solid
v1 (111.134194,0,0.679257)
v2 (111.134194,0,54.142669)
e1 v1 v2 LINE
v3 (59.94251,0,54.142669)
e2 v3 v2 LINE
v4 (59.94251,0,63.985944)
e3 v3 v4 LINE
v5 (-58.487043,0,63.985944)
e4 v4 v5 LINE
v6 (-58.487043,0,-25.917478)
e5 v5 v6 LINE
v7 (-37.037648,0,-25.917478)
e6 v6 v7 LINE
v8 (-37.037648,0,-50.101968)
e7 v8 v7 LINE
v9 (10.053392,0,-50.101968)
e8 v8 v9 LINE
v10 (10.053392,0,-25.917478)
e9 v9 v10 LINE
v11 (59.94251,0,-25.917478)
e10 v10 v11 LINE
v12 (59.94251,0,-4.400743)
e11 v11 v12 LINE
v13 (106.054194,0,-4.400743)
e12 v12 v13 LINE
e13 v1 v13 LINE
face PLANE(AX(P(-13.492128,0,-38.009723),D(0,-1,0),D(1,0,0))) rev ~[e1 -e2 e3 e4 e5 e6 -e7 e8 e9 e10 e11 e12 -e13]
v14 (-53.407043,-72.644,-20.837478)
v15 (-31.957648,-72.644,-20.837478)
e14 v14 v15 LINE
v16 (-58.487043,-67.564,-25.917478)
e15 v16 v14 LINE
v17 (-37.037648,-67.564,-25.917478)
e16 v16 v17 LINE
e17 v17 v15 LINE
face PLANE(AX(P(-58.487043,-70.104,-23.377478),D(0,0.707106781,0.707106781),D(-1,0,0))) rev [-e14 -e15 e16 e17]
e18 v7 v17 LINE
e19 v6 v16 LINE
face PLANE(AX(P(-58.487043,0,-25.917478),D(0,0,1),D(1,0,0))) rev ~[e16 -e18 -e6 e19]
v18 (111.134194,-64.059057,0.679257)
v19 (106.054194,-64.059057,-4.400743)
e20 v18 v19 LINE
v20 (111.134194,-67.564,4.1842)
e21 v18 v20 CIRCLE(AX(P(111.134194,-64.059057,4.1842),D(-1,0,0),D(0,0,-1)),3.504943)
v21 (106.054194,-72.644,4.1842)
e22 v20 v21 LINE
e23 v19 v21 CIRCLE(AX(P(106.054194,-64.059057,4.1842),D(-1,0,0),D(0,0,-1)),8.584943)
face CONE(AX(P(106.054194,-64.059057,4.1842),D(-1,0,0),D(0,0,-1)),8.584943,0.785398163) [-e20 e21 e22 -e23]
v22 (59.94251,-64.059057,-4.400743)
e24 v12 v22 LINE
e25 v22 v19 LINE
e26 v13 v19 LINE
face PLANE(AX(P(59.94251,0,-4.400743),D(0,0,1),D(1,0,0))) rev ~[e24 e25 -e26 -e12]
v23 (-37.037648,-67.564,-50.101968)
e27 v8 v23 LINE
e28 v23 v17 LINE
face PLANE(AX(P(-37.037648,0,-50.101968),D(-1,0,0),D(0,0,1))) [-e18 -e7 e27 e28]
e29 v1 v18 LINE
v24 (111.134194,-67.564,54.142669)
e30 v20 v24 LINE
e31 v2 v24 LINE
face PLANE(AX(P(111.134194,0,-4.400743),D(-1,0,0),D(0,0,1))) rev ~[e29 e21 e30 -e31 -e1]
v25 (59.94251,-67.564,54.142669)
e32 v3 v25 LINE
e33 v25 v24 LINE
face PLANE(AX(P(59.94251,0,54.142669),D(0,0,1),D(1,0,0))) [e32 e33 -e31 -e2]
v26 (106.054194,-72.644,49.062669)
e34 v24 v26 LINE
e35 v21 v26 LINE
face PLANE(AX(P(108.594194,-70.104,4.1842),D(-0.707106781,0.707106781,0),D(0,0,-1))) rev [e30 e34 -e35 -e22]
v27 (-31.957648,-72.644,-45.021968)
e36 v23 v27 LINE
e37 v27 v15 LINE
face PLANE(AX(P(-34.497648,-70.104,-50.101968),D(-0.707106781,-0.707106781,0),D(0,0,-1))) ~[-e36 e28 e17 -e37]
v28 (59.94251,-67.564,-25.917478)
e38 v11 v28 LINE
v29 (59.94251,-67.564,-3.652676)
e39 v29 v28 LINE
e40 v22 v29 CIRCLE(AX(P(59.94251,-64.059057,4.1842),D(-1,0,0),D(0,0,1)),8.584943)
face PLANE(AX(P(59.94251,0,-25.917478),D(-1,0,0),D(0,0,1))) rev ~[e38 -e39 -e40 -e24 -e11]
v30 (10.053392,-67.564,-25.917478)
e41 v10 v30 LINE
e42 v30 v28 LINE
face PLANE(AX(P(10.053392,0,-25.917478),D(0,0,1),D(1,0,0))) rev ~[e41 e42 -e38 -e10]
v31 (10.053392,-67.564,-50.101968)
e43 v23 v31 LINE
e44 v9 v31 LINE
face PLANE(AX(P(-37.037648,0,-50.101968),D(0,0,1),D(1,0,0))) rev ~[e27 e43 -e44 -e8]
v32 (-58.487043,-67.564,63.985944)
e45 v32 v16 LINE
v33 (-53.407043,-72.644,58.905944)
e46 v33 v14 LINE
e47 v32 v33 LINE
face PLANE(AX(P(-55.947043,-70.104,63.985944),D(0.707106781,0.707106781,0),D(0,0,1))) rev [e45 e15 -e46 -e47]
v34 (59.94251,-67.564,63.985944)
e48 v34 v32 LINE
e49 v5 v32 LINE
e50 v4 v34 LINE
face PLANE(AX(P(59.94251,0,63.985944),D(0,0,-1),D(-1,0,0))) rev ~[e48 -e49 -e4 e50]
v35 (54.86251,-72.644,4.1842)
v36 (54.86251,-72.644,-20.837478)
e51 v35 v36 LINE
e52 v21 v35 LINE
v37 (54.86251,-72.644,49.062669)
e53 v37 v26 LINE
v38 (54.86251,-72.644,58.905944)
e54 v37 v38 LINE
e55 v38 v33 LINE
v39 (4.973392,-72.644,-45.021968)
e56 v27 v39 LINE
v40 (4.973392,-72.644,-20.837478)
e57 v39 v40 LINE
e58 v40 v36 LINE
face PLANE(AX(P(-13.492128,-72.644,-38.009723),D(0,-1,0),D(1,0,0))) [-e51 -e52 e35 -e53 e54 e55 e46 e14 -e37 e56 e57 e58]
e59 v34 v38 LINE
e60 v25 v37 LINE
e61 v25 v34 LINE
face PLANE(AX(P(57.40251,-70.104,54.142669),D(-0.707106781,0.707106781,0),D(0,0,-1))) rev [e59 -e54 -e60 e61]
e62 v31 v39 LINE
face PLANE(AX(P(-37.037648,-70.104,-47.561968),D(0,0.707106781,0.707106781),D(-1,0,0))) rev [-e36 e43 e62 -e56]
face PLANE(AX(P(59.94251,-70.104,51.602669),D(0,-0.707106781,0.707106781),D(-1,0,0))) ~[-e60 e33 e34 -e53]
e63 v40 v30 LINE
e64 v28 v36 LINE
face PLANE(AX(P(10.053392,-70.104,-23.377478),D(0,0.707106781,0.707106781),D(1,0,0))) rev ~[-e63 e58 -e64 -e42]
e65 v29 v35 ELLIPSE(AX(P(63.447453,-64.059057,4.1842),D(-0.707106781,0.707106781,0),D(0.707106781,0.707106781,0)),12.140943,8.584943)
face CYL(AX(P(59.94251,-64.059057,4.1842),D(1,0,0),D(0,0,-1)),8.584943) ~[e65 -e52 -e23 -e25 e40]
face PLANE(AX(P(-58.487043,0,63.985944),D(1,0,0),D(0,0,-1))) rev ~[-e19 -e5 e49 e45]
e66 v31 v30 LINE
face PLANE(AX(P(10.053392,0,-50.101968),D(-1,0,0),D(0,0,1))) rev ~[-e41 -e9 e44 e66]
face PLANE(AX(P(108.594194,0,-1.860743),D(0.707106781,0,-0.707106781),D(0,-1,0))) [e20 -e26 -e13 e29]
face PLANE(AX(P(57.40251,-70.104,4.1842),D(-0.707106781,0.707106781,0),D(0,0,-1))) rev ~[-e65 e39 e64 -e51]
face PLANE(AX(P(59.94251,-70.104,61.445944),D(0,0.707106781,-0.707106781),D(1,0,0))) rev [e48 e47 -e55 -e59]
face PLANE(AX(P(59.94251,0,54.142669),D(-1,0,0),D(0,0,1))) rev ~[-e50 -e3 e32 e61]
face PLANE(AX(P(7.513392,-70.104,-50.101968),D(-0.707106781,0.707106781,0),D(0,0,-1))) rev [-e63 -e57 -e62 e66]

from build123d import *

# Parameters (mm, degrees)
F0_W     = 47.09104
F0_H     = 24.184491
F0_W_2   = 51.191684
F0_H_2   = 58.543412
F1_DEPTH = 72.644
F2_R     = 8.584943
F3_SIZE  = 5.08


with BuildPart() as f1:
    # F0 (on Front) → F1 (new body)
    with BuildSketch(Plane.XZ):
        with Locations((-13.492128, -38.009723)):
            Rectangle(F0_W, F0_H)
        Polygon((10.053392, -25.917478), (59.94251, -25.917478), (59.94251, -4.400743), (59.94251, 54.142669), (59.94251, 63.985944), (-58.487043, 63.985944), (-58.487043, -25.917478), (-37.037648, -25.917478), align=None)
        with Locations((85.538352, 24.870963)):
            Rectangle(F0_W_2, F0_H_2)
    extrude(amount=F1_DEPTH)

    # F2
    f2_edges = [f1.edges().sort_by_distance(p)[0] for p in [
        (85.538352, -72.644, -4.400743),
    ]]
    fillet(f2_edges, radius=F2_R)

    # F3
    f3_edges = [f1.edges().sort_by_distance(p)[0] for p in [
        (111.134194, -72.644, 29.163435),
        (85.538352, -72.644, 4.1842),
        (85.538352, -72.644, 54.142669),
        (59.94251, -72.644, -0.108271),
        (59.94251, -72.644, 59.064306),
        (59.94251, -72.644, -15.159111),
        (0.727734, -72.644, 63.985944),
        (34.997951, -72.644, -25.917478),
        (-58.487043, -72.644, 19.034233),
        (10.053392, -72.644, -38.009724),
        (-47.762346, -72.644, -25.917478),
        (-13.492128, -72.644, -50.101969),
        (-37.037648, -72.644, -38.009724),
    ]]
    chamfer(f3_edges, length=F3_SIZE)


solid = f1.part
